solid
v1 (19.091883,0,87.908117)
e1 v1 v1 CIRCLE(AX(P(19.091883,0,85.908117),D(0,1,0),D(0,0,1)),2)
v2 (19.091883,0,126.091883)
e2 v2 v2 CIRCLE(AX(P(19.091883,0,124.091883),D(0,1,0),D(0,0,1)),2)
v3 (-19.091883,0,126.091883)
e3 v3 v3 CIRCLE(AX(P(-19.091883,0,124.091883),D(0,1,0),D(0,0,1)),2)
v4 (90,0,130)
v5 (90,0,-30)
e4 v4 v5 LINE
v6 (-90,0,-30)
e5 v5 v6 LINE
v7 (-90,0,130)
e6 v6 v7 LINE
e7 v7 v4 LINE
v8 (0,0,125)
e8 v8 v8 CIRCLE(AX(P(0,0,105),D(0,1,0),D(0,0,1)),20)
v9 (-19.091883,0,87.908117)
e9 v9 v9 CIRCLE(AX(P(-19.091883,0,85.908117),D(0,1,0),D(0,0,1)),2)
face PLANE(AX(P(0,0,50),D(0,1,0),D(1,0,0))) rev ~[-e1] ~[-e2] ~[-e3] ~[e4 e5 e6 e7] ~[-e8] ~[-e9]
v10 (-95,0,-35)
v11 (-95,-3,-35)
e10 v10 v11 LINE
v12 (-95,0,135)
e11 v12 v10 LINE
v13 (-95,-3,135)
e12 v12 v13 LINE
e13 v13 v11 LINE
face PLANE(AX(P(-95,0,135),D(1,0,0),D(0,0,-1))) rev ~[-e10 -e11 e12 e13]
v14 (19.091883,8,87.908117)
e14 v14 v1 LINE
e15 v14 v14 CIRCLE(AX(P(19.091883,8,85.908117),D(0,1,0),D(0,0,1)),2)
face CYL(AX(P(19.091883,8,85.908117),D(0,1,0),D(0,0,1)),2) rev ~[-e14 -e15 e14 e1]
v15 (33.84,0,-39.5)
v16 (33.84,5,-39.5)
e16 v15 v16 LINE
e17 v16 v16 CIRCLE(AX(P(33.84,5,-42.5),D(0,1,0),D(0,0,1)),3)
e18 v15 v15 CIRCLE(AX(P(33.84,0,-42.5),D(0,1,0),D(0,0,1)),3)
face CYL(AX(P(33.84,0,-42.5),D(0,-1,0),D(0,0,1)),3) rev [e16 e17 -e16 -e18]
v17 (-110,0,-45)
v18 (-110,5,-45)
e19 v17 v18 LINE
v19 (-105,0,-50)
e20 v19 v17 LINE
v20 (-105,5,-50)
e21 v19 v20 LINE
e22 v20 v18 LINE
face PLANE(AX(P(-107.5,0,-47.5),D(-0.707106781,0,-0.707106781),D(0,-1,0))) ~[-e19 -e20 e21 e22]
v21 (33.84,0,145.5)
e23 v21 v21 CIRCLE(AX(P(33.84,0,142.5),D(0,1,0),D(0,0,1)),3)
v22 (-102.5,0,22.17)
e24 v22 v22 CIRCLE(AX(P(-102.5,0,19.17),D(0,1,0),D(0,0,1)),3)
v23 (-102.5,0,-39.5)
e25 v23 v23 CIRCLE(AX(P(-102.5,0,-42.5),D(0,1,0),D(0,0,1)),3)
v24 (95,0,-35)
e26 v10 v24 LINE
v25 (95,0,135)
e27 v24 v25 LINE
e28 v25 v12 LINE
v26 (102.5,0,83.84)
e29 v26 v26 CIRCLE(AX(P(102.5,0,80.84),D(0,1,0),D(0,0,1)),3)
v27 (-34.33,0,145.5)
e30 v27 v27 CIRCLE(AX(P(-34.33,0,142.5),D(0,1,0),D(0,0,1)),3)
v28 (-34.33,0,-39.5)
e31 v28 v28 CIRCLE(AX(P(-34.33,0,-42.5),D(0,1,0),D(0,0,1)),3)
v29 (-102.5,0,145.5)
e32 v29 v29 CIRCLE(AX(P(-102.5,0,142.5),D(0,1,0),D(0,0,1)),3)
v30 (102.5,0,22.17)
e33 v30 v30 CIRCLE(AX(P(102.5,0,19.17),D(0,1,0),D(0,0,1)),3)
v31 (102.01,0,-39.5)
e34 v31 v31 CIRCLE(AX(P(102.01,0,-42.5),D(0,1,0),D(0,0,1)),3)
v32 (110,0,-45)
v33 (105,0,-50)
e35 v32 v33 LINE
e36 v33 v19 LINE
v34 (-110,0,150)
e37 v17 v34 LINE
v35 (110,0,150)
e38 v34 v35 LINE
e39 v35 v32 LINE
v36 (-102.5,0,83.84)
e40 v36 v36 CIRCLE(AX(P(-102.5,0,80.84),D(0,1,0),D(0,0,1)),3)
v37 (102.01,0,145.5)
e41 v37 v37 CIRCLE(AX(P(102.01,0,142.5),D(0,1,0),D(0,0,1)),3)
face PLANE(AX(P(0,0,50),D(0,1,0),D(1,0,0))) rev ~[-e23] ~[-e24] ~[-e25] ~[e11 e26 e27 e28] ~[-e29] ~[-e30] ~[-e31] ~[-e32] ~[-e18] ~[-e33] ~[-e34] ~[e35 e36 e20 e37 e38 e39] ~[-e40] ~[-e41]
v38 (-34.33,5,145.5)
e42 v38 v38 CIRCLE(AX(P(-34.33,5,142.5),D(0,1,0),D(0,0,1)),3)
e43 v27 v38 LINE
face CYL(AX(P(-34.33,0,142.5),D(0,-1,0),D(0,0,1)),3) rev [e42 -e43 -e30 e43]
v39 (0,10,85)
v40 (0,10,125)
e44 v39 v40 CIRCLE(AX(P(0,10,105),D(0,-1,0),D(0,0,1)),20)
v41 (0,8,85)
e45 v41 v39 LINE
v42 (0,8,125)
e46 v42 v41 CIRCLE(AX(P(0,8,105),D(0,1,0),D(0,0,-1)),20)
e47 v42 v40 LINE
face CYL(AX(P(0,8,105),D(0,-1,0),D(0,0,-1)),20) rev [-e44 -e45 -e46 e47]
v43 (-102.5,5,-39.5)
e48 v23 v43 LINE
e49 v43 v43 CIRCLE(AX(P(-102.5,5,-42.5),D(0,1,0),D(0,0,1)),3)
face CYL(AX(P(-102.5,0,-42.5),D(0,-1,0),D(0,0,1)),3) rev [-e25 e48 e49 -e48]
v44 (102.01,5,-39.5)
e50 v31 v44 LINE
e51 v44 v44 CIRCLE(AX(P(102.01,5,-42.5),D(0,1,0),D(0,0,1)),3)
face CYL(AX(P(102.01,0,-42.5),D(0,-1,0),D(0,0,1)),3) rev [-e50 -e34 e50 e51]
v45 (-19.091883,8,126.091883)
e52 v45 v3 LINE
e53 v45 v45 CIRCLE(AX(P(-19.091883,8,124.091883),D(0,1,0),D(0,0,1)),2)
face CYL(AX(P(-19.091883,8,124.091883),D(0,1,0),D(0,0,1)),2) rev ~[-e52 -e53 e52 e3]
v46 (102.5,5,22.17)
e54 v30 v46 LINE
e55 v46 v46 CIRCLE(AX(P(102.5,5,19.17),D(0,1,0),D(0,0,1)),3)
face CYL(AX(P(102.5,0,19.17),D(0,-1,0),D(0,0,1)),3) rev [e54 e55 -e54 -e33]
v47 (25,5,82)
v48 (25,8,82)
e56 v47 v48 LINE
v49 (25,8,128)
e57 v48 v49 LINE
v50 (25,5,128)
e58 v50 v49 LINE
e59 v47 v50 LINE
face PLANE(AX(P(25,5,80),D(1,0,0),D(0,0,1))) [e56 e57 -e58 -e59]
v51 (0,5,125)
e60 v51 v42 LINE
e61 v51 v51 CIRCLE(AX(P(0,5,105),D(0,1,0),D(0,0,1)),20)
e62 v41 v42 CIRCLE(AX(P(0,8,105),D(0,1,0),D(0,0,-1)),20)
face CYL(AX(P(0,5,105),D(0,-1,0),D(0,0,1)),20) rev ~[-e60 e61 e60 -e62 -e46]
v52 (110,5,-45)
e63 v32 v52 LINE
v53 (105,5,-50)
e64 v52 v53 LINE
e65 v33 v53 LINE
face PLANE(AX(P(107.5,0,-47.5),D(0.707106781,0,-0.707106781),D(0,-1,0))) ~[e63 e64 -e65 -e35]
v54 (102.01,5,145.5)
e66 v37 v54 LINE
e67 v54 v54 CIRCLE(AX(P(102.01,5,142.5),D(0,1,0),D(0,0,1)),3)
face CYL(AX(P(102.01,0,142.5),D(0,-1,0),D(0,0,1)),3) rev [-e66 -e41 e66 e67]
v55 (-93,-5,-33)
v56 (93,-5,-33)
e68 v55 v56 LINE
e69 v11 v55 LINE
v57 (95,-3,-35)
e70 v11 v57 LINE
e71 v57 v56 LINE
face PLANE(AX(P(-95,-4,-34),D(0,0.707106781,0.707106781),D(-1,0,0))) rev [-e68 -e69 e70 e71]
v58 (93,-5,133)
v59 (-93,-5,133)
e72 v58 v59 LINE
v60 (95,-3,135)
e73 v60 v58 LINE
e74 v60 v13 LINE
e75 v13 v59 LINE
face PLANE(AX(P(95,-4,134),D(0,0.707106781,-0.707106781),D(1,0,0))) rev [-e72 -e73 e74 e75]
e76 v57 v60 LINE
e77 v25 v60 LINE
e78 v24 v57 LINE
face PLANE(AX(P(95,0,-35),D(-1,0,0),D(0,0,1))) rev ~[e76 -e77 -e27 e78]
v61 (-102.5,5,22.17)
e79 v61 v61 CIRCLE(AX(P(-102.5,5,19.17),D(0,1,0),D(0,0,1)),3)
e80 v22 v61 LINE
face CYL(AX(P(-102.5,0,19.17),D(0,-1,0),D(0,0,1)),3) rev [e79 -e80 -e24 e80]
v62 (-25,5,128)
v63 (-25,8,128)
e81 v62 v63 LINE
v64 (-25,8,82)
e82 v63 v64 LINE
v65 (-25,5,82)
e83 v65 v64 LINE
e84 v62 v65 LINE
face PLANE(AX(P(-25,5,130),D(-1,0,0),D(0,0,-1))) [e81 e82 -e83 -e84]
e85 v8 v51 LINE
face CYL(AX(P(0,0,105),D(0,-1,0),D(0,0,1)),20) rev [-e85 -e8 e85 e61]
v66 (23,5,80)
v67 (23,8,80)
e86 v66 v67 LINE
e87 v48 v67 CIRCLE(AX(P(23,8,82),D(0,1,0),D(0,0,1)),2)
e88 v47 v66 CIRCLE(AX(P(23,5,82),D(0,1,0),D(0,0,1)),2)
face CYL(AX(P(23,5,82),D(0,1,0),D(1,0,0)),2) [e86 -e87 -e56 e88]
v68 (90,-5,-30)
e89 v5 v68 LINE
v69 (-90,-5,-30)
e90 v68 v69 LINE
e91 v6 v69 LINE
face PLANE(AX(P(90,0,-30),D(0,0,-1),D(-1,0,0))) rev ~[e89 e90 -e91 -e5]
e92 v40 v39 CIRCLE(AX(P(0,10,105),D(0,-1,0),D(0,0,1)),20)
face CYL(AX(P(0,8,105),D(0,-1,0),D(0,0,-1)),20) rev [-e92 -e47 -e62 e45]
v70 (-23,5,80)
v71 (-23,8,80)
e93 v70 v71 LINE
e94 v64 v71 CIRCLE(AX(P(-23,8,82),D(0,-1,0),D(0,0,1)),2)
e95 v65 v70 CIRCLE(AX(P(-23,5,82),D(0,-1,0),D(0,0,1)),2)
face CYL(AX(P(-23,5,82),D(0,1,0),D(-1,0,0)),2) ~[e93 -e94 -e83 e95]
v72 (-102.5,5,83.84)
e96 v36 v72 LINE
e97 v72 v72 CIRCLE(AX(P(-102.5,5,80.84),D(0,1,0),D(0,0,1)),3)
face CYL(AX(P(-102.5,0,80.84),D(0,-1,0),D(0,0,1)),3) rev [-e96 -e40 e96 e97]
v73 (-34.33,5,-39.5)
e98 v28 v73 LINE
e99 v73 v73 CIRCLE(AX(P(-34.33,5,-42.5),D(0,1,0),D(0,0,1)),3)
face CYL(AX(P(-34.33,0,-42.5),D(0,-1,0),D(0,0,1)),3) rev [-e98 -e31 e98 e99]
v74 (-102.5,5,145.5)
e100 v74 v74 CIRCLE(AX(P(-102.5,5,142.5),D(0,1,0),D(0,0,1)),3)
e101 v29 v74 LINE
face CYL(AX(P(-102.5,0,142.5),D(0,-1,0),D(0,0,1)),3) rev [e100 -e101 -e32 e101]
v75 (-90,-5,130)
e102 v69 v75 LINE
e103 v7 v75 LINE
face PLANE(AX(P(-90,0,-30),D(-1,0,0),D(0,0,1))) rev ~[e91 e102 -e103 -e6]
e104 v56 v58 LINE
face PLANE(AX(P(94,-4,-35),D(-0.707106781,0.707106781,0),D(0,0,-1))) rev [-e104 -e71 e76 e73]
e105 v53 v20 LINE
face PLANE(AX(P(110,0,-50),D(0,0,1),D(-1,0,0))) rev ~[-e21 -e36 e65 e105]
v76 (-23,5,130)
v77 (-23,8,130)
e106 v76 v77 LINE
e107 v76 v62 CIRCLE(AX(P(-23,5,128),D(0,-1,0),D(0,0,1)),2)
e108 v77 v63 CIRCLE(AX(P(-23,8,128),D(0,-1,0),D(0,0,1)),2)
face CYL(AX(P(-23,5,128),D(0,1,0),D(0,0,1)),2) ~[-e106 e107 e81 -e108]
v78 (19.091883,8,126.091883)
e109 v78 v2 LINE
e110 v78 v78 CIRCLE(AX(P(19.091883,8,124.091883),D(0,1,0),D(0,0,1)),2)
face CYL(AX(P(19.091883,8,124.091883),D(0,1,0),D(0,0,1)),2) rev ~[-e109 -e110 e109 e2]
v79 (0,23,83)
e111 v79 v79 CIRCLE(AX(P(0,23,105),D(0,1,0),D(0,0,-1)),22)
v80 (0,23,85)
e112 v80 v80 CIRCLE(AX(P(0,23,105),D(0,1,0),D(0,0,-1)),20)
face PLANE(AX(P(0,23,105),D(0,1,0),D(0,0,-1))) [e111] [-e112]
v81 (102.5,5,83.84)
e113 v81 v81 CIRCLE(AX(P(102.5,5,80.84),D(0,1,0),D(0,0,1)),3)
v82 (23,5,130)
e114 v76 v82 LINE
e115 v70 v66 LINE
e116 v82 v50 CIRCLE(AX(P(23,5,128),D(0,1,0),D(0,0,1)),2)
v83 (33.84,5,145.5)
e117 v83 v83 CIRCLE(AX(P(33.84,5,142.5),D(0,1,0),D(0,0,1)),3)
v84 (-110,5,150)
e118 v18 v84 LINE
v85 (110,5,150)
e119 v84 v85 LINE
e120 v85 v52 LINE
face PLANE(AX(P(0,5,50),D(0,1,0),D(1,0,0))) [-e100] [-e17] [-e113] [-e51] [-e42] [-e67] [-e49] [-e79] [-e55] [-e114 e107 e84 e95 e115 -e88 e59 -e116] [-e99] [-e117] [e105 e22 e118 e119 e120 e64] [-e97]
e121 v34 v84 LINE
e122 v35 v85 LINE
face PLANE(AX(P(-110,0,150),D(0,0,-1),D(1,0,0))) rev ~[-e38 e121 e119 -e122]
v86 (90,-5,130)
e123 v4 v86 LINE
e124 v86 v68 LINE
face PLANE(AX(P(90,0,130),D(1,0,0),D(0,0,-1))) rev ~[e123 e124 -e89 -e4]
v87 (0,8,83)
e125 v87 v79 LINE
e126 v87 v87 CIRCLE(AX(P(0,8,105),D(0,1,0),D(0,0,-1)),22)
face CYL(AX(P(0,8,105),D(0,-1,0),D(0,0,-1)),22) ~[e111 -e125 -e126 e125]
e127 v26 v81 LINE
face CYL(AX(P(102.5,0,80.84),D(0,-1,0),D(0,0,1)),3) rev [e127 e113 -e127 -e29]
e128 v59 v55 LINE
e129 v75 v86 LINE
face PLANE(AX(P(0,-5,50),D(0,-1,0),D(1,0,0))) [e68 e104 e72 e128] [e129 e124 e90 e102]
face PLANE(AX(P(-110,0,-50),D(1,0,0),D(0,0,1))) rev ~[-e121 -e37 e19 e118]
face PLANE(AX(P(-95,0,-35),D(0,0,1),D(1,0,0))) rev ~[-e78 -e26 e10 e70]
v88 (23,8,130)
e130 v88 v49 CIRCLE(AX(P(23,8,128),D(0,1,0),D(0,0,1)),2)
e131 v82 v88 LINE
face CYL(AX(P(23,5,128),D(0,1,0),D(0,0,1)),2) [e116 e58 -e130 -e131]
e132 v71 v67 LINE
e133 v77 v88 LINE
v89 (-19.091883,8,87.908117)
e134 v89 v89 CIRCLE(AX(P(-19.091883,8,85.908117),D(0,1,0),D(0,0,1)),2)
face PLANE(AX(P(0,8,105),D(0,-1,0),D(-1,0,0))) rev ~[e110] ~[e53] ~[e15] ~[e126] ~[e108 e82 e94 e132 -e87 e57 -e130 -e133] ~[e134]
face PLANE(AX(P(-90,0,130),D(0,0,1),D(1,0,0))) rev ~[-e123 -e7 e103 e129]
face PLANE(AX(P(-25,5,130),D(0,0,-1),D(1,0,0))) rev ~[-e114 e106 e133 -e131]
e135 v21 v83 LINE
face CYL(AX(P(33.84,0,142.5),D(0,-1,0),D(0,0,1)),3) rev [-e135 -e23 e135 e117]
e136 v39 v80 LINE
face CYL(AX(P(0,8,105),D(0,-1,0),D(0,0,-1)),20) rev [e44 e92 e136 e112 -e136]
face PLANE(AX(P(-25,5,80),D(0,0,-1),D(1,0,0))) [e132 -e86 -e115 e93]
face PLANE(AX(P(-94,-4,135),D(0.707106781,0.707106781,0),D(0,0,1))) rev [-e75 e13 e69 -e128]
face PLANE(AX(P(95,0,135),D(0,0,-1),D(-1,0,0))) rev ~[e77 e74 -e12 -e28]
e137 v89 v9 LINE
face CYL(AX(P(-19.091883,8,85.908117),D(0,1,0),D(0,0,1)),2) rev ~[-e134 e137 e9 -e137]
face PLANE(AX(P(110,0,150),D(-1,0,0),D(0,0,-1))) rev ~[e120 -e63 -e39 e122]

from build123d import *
from build123d.topology import SkipClean

# Parameters (mm, degrees)
SKETCH1_R           = 3
SKETCH1_R_2         = 20
BOSS_EXTRUDE1_DEPTH = 5
CHAMFER1_SIZE       = 5
BOSS_EXTRUDE3_DEPTH = 3
SKETCH3_R           = 22
SKETCH3_R_2         = 20
BOSS_EXTRUDE4_DEPTH = 15
FILLET2_R           = 2
BOSS_EXTRUDE5_DEPTH = 5
SKETCH6_R           = 20
CUT_EXTRUDE1_DEPTH  = 5
SKETCH7_R           = 2
CUT_EXTRUDE2_DEPTH  = 10
CHAMFER2_SIZE       = 2


with BuildPart() as part:
    # Sketch1 → Boss-Extrude1 (new body)
    with BuildSketch(Plane(origin=(0, 0, 0), x_dir=(1, 0, 0), z_dir=(0, 1, 0))):
        Polygon((110, -150), (110, 50), (0, 50), (-110, 50), (-110, -150), align=None)
        with Locations(Location((-102.5, 42.5, 0), (0, 0, 270))):
            Circle(SKETCH1_R, mode=Mode.SUBTRACT)
        with Locations(Location((-34.33, 42.5, 0), (0, 0, 270))):
            Circle(SKETCH1_R, mode=Mode.SUBTRACT)
        with Locations(Location((33.84, 42.5, 0), (0, 0, 270))):
            Circle(SKETCH1_R, mode=Mode.SUBTRACT)
        with Locations(Location((102.01, 42.5, 0), (0, 0, 270))):
            Circle(SKETCH1_R, mode=Mode.SUBTRACT)
        with Locations(Location((-34.33, -142.5, 0), (0, 0, 270))):
            Circle(SKETCH1_R, mode=Mode.SUBTRACT)
        with Locations(Location((33.84, -142.5, 0), (0, 0, 270))):
            Circle(SKETCH1_R, mode=Mode.SUBTRACT)
        with Locations(Location((102.01, -142.5, 0), (0, 0, 270))):
            Circle(SKETCH1_R, mode=Mode.SUBTRACT)
        with Locations(Location((-102.5, -142.5, 0), (0, 0, 270))):
            Circle(SKETCH1_R, mode=Mode.SUBTRACT)
        with Locations(Location((-102.5, -19.17, 0), (0, 0, 270))):
            Circle(SKETCH1_R, mode=Mode.SUBTRACT)
        with Locations(Location((-102.5, -80.84, 0), (0, 0, 270))):
            Circle(SKETCH1_R, mode=Mode.SUBTRACT)
        with Locations(Location((102.5, -19.17, 0), (0, 0, 270))):
            Circle(SKETCH1_R, mode=Mode.SUBTRACT)
        with Locations(Location((102.5, -80.84, 0), (0, 0, 270))):
            Circle(SKETCH1_R, mode=Mode.SUBTRACT)
        with Locations(Location((0, -105, 0), (0, 0, 270))):
            Circle(SKETCH1_R_2, mode=Mode.SUBTRACT)
    extrude(amount=BOSS_EXTRUDE1_DEPTH)

    # Chamfer1
    chamfer1_edges = [part.edges().sort_by_distance(p)[0] for p in [
        (110, 2.5, -50),
        (-110, 2.5, -50),
    ]]
    chamfer(chamfer1_edges, length=CHAMFER1_SIZE)

    # Sketch2 → Boss-Extrude3 (add)
    with BuildSketch(Plane(origin=(0, 5, 0), x_dir=(1, 0, 0), z_dir=(0, 1, 0))):
        Polygon((0, -130), (-25, -130), (-25, -80), (25, -80), (25, -130), align=None)
    extrude(amount=BOSS_EXTRUDE3_DEPTH)

    # Sketch3 → Boss-Extrude4 (add)
    with BuildSketch(Plane(origin=(0, 8, 0), x_dir=(1, 0, 0), z_dir=(0, 1, 0))):
        with Locations(Location((0, -105, 0), (0, 0, 90))):
            Circle(SKETCH3_R)
        with Locations(Location((0, -105, 0), (0, 0, 90))):
            Circle(SKETCH3_R_2, mode=Mode.SUBTRACT)
    extrude(amount=BOSS_EXTRUDE4_DEPTH)

    # Fillet2
    fillet2_edges = [part.edges().sort_by_distance(p)[0] for p in [
        (-25, 6.5, 80),
        (-25, 6.5, 130),
        (25, 6.5, 130),
        (25, 6.5, 80),
    ]]
    fillet(fillet2_edges, radius=FILLET2_R)

    # Sketch4 → Boss-Extrude5 (add)
    with BuildSketch(Plane.XZ):
        Polygon((95, 135), (0, 135), (-95, 135), (-95, -35), (95, -35), align=None)
        Polygon((-90, 130), (0, 130), (90, 130), (90, -30), (-90, -30), align=None, mode=Mode.SUBTRACT)
    extrude(amount=BOSS_EXTRUDE5_DEPTH)

    # Sketch6 → Cut-Extrude1 (cut)
    with SkipClean():  # the faces are left unmerged after this step: merging them gives an invalid solid
        with BuildSketch(Plane.XZ.offset(-5)):
            with Locations(Location((0, 105, 0), (0, 0, 90))):
                Circle(SKETCH6_R)
        extrude(amount=-CUT_EXTRUDE1_DEPTH, mode=Mode.SUBTRACT)

    # Sketch7 → Cut-Extrude2 (cut)
    with BuildSketch(Plane(origin=(0, 8, 0), x_dir=(1, 0, 0), z_dir=(0, 1, 0))):
        with Locations(Location((19.091883092, -124.091883092, 0), (0, 0, 270))):
            Circle(SKETCH7_R)
        with Locations(Location((-19.091883092, -124.091883092, 0), (0, 0, 270))):
            Circle(SKETCH7_R)
        with Locations(Location((-19.091883092, -85.908116908, 0), (0, 0, 270))):
            Circle(SKETCH7_R)
        with Locations(Location((19.091883092, -85.908116908, 0), (0, 0, 270))):
            Circle(SKETCH7_R)
    extrude(amount=-CUT_EXTRUDE2_DEPTH, mode=Mode.SUBTRACT)

    # Chamfer2
    chamfer2_edges = [part.edges().sort_by_distance(p)[0] for p in [
        (0, -5, 135),
        (-95, -5, 50),
        (0, -5, -35),
        (95, -5, 50),
    ]]
    chamfer(chamfer2_edges, length=CHAMFER2_SIZE)


solid = part.part
